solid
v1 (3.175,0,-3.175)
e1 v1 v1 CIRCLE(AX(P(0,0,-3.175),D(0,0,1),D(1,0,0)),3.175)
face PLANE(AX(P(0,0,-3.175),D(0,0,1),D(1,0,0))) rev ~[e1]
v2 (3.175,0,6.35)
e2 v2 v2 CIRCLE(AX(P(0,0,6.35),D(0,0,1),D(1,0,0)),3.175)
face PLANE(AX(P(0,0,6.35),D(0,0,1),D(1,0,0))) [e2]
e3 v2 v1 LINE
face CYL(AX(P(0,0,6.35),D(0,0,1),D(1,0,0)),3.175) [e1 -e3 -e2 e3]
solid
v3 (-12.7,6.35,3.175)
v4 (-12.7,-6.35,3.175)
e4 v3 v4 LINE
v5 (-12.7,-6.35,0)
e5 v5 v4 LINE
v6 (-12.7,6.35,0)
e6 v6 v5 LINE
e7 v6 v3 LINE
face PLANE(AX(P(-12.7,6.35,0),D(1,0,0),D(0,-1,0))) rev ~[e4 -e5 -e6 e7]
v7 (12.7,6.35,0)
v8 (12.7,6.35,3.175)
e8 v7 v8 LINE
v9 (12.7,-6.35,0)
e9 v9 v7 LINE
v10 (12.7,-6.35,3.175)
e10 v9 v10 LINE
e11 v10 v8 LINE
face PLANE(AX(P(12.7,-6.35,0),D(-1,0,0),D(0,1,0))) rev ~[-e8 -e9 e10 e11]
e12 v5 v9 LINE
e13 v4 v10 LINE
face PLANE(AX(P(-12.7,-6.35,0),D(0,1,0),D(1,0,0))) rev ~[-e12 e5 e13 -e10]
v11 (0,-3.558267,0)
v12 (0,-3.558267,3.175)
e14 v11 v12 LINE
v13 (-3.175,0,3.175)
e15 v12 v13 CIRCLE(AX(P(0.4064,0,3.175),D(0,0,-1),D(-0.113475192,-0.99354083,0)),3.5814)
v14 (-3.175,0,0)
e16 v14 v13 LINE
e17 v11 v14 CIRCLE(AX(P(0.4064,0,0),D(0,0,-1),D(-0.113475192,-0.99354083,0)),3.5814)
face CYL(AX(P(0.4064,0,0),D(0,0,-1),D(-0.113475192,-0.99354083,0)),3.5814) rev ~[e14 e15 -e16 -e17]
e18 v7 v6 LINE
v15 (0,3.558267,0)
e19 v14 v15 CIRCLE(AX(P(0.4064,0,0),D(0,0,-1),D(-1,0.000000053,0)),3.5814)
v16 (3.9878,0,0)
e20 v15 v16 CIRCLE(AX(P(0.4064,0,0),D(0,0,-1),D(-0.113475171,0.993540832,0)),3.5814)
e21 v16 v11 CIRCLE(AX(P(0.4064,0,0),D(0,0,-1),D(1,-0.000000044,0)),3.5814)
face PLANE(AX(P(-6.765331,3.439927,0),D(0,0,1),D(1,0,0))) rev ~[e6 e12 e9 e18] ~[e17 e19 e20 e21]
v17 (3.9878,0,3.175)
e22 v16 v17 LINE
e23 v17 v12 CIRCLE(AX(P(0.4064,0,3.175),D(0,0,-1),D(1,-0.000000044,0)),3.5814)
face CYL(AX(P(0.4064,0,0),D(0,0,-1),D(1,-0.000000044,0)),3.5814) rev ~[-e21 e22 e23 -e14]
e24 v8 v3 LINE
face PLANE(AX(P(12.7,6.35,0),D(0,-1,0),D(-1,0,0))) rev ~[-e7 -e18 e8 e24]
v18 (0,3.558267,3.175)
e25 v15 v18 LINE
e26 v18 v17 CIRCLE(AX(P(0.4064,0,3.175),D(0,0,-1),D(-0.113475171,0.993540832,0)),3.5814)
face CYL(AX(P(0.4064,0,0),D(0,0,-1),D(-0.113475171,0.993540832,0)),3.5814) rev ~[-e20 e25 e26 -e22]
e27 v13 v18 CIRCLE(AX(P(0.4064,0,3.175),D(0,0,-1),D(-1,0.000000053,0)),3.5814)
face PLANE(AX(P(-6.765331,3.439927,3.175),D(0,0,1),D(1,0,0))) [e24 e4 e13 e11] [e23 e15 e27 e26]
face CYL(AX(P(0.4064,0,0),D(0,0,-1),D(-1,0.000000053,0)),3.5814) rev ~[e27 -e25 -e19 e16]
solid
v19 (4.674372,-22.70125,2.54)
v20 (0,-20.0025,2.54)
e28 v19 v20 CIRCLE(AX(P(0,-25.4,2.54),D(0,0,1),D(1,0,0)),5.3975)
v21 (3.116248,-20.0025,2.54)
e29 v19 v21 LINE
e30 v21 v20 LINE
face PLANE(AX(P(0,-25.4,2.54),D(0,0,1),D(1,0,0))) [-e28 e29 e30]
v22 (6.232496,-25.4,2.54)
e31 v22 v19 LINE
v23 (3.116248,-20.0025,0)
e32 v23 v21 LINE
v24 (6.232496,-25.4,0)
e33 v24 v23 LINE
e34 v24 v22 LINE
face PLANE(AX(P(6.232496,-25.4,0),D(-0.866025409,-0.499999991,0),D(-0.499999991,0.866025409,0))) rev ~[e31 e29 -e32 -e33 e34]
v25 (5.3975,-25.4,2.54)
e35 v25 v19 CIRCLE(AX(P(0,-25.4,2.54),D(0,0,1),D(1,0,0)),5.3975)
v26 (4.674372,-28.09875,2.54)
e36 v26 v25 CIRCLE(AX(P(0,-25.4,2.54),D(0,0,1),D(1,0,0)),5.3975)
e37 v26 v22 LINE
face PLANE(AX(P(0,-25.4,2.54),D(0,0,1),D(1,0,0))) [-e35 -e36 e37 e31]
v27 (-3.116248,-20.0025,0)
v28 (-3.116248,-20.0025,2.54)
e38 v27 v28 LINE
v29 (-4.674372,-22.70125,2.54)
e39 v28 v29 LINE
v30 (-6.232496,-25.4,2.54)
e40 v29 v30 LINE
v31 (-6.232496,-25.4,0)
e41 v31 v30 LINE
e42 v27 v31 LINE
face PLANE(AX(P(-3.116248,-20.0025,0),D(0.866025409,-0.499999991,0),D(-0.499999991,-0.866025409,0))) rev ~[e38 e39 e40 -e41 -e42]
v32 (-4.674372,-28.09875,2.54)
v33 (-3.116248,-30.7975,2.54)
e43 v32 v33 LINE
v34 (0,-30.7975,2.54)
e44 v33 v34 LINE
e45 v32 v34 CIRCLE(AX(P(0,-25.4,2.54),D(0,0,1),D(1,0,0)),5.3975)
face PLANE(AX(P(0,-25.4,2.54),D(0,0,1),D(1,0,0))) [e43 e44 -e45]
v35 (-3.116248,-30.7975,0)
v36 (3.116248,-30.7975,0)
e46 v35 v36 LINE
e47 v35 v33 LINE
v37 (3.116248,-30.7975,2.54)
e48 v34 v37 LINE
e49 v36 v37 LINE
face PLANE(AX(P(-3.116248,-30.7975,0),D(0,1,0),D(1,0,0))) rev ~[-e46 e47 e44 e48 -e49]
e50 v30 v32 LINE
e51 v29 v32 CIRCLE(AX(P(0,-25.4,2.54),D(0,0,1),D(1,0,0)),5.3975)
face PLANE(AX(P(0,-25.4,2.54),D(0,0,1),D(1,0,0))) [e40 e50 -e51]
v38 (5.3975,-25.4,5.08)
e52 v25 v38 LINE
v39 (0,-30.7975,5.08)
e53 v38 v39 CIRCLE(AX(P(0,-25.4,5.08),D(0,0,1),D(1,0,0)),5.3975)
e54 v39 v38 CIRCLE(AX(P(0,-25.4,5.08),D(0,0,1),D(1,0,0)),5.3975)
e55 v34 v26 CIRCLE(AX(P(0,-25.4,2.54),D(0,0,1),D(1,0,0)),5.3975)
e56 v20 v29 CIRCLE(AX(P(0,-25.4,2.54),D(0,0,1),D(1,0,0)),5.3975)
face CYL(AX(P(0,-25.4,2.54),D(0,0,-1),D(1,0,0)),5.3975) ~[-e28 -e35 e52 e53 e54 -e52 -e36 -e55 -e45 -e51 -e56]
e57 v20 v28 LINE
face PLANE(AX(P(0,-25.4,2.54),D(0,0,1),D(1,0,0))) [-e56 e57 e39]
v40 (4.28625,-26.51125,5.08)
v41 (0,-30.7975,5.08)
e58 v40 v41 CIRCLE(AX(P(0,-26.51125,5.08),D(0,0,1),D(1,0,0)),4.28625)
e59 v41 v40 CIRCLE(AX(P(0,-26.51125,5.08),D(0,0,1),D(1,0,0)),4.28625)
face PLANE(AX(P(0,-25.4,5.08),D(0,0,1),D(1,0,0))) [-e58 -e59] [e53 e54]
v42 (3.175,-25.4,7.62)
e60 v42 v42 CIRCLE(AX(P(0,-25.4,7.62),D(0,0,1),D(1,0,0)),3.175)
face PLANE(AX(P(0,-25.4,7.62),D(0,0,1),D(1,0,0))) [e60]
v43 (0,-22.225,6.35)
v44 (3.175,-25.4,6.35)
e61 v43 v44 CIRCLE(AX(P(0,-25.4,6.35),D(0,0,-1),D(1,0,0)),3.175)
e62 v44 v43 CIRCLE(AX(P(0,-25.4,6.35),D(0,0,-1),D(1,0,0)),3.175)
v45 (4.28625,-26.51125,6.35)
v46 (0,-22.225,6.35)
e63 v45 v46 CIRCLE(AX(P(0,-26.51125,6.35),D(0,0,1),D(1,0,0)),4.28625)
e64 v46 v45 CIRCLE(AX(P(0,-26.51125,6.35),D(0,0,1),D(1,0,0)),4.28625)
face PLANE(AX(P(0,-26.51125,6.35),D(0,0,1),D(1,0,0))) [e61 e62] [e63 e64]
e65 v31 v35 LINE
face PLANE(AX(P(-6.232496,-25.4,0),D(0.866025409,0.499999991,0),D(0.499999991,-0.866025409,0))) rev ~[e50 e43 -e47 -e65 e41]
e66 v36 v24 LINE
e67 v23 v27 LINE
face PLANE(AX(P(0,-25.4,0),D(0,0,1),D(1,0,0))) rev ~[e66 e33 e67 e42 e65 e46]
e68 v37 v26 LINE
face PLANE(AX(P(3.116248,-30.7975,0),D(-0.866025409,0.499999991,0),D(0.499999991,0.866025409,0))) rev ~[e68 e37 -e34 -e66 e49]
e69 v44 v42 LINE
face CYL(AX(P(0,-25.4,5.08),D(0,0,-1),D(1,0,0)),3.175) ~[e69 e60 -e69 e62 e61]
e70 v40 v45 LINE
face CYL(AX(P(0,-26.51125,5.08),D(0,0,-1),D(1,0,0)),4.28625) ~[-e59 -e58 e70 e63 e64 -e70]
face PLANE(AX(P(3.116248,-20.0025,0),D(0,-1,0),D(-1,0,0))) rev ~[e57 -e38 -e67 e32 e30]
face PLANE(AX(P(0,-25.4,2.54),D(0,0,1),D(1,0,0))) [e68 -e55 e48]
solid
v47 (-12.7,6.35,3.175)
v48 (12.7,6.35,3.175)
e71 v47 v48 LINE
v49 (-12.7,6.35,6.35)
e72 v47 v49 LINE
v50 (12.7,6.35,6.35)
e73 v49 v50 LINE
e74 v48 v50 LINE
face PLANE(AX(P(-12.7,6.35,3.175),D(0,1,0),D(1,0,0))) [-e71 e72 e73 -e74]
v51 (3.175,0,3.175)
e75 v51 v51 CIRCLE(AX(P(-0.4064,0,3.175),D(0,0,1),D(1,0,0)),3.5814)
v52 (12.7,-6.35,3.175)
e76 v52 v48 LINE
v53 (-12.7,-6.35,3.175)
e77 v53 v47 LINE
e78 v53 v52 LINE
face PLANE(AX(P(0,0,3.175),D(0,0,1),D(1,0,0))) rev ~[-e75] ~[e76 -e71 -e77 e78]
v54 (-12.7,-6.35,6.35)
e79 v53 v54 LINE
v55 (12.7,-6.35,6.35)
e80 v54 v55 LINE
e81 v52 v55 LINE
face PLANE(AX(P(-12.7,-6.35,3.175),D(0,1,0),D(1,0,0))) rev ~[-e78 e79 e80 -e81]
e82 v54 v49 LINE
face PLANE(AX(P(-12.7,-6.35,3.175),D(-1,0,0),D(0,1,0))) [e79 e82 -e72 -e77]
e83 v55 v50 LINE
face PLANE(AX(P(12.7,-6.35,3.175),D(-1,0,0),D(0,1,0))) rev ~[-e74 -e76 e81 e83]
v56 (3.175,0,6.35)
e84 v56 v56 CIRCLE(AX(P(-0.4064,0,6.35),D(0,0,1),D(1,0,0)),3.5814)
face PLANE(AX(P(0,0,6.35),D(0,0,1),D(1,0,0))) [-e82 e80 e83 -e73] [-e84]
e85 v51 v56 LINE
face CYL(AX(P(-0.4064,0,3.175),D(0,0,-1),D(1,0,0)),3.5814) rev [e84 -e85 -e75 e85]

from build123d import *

# Parameters (mm, degrees)
F1_DEPTH  = 3.175
F2_W      = 25.4
F2_H      = 12.7
F2_R      = 3.5814
F3_DEPTH  = 3.175
F4_R      = 3.175
F5_DEPTH  = 9.525
F7_DEPTH  = 2.54
F8_R      = 5.3975
F9_DEPTH  = 2.54
F10_R     = 3.175
F11_DEPTH = 2.54
F12_R     = 4.28625
F13_DEPTH = 1.27


with BuildPart() as f1:
    # F0 (on Top) → F1 (new body)
    with BuildSketch(Plane.XY):
        with BuildLine():
            Line((0, 6.35), (-12.7, 6.35))
            Line((-12.7, 6.35), (-12.7, 0))
            Line((-12.7, 0), (-3.175, 0))
            ThreePointArc((-3.175, 0), (-2.265856, 2.384423), (0, 3.558267))
            Line((0, 3.558267), (0, 6.35))
        make_face()
        with BuildLine():
            Line((12.7, 6.35), (0, 6.35))
            Line((0, 6.35), (0, 3.558267))
            ThreePointArc((0, 3.558267), (2.790823, 2.672256), (3.9878, 0))
            Line((3.9878, 0), (12.7, 0))
            Line((12.7, 0), (12.7, 6.35))
        make_face()
        with BuildLine():
            Line((-3.175, 0), (-12.7, 0))
            Line((-12.7, 0), (-12.7, -6.35))
            Line((-12.7, -6.35), (0, -6.35))
            Line((0, -6.35), (0, -3.558267))
            ThreePointArc((0, -3.558267), (-2.265856, -2.384423), (-3.175, 0))
        make_face()
        with BuildLine():
            Line((12.7, -6.35), (12.7, 0))
            Line((12.7, 0), (3.9878, 0))
            ThreePointArc((3.9878, 0), (2.790823, -2.672256), (0, -3.558267))
            Line((0, -3.558267), (0, -6.35))
            Line((0, -6.35), (12.7, -6.35))
        make_face()
    extrude(amount=F1_DEPTH)


with BuildPart() as f3:
    # F2 (on face) → F3 (new body)
    with BuildSketch(Plane.XY.offset(3.175)):
        Rectangle(F2_W, F2_H)
        with Locations((-0.4064, 0)):
            Circle(F2_R, mode=Mode.SUBTRACT)
    extrude(amount=F3_DEPTH)


with BuildPart() as f5:
    # F4 (on face) → F5 (new body)
    with BuildSketch(Plane.XY.offset(6.35)):
        Circle(F4_R)
    extrude(amount=-F5_DEPTH)


with BuildPart() as f7:
    # F6 (on Top) → F7 (new body)
    with BuildSketch(Plane.XY):
        Polygon((3.116248, -30.7975), (6.232496, -25.4), (3.116248, -20.0025), (-3.116248, -20.0025), (-6.232496, -25.4), (-3.116248, -30.7975), align=None)
    extrude(amount=F7_DEPTH)

    # F8 (on face) → F9 (join)
    with BuildSketch(Plane.XY.offset(2.54)):
        with Locations((0, -25.4)):
            Circle(F8_R)
    extrude(amount=F9_DEPTH)

    # F10 (on face) → F11 (join)
    with BuildSketch(Plane.XY.offset(5.08)):
        with Locations((0, -25.4)):
            Circle(F10_R)
    extrude(amount=F11_DEPTH)

    # F12 (on face) → F13 (join)
    with BuildSketch(Plane.XY.offset(5.08)):
        with Locations((0, -26.51125)):
            Circle(F12_R)
    extrude(amount=F13_DEPTH)


solid = Compound([f1.part, f3.part, f5.part, f7.part])
